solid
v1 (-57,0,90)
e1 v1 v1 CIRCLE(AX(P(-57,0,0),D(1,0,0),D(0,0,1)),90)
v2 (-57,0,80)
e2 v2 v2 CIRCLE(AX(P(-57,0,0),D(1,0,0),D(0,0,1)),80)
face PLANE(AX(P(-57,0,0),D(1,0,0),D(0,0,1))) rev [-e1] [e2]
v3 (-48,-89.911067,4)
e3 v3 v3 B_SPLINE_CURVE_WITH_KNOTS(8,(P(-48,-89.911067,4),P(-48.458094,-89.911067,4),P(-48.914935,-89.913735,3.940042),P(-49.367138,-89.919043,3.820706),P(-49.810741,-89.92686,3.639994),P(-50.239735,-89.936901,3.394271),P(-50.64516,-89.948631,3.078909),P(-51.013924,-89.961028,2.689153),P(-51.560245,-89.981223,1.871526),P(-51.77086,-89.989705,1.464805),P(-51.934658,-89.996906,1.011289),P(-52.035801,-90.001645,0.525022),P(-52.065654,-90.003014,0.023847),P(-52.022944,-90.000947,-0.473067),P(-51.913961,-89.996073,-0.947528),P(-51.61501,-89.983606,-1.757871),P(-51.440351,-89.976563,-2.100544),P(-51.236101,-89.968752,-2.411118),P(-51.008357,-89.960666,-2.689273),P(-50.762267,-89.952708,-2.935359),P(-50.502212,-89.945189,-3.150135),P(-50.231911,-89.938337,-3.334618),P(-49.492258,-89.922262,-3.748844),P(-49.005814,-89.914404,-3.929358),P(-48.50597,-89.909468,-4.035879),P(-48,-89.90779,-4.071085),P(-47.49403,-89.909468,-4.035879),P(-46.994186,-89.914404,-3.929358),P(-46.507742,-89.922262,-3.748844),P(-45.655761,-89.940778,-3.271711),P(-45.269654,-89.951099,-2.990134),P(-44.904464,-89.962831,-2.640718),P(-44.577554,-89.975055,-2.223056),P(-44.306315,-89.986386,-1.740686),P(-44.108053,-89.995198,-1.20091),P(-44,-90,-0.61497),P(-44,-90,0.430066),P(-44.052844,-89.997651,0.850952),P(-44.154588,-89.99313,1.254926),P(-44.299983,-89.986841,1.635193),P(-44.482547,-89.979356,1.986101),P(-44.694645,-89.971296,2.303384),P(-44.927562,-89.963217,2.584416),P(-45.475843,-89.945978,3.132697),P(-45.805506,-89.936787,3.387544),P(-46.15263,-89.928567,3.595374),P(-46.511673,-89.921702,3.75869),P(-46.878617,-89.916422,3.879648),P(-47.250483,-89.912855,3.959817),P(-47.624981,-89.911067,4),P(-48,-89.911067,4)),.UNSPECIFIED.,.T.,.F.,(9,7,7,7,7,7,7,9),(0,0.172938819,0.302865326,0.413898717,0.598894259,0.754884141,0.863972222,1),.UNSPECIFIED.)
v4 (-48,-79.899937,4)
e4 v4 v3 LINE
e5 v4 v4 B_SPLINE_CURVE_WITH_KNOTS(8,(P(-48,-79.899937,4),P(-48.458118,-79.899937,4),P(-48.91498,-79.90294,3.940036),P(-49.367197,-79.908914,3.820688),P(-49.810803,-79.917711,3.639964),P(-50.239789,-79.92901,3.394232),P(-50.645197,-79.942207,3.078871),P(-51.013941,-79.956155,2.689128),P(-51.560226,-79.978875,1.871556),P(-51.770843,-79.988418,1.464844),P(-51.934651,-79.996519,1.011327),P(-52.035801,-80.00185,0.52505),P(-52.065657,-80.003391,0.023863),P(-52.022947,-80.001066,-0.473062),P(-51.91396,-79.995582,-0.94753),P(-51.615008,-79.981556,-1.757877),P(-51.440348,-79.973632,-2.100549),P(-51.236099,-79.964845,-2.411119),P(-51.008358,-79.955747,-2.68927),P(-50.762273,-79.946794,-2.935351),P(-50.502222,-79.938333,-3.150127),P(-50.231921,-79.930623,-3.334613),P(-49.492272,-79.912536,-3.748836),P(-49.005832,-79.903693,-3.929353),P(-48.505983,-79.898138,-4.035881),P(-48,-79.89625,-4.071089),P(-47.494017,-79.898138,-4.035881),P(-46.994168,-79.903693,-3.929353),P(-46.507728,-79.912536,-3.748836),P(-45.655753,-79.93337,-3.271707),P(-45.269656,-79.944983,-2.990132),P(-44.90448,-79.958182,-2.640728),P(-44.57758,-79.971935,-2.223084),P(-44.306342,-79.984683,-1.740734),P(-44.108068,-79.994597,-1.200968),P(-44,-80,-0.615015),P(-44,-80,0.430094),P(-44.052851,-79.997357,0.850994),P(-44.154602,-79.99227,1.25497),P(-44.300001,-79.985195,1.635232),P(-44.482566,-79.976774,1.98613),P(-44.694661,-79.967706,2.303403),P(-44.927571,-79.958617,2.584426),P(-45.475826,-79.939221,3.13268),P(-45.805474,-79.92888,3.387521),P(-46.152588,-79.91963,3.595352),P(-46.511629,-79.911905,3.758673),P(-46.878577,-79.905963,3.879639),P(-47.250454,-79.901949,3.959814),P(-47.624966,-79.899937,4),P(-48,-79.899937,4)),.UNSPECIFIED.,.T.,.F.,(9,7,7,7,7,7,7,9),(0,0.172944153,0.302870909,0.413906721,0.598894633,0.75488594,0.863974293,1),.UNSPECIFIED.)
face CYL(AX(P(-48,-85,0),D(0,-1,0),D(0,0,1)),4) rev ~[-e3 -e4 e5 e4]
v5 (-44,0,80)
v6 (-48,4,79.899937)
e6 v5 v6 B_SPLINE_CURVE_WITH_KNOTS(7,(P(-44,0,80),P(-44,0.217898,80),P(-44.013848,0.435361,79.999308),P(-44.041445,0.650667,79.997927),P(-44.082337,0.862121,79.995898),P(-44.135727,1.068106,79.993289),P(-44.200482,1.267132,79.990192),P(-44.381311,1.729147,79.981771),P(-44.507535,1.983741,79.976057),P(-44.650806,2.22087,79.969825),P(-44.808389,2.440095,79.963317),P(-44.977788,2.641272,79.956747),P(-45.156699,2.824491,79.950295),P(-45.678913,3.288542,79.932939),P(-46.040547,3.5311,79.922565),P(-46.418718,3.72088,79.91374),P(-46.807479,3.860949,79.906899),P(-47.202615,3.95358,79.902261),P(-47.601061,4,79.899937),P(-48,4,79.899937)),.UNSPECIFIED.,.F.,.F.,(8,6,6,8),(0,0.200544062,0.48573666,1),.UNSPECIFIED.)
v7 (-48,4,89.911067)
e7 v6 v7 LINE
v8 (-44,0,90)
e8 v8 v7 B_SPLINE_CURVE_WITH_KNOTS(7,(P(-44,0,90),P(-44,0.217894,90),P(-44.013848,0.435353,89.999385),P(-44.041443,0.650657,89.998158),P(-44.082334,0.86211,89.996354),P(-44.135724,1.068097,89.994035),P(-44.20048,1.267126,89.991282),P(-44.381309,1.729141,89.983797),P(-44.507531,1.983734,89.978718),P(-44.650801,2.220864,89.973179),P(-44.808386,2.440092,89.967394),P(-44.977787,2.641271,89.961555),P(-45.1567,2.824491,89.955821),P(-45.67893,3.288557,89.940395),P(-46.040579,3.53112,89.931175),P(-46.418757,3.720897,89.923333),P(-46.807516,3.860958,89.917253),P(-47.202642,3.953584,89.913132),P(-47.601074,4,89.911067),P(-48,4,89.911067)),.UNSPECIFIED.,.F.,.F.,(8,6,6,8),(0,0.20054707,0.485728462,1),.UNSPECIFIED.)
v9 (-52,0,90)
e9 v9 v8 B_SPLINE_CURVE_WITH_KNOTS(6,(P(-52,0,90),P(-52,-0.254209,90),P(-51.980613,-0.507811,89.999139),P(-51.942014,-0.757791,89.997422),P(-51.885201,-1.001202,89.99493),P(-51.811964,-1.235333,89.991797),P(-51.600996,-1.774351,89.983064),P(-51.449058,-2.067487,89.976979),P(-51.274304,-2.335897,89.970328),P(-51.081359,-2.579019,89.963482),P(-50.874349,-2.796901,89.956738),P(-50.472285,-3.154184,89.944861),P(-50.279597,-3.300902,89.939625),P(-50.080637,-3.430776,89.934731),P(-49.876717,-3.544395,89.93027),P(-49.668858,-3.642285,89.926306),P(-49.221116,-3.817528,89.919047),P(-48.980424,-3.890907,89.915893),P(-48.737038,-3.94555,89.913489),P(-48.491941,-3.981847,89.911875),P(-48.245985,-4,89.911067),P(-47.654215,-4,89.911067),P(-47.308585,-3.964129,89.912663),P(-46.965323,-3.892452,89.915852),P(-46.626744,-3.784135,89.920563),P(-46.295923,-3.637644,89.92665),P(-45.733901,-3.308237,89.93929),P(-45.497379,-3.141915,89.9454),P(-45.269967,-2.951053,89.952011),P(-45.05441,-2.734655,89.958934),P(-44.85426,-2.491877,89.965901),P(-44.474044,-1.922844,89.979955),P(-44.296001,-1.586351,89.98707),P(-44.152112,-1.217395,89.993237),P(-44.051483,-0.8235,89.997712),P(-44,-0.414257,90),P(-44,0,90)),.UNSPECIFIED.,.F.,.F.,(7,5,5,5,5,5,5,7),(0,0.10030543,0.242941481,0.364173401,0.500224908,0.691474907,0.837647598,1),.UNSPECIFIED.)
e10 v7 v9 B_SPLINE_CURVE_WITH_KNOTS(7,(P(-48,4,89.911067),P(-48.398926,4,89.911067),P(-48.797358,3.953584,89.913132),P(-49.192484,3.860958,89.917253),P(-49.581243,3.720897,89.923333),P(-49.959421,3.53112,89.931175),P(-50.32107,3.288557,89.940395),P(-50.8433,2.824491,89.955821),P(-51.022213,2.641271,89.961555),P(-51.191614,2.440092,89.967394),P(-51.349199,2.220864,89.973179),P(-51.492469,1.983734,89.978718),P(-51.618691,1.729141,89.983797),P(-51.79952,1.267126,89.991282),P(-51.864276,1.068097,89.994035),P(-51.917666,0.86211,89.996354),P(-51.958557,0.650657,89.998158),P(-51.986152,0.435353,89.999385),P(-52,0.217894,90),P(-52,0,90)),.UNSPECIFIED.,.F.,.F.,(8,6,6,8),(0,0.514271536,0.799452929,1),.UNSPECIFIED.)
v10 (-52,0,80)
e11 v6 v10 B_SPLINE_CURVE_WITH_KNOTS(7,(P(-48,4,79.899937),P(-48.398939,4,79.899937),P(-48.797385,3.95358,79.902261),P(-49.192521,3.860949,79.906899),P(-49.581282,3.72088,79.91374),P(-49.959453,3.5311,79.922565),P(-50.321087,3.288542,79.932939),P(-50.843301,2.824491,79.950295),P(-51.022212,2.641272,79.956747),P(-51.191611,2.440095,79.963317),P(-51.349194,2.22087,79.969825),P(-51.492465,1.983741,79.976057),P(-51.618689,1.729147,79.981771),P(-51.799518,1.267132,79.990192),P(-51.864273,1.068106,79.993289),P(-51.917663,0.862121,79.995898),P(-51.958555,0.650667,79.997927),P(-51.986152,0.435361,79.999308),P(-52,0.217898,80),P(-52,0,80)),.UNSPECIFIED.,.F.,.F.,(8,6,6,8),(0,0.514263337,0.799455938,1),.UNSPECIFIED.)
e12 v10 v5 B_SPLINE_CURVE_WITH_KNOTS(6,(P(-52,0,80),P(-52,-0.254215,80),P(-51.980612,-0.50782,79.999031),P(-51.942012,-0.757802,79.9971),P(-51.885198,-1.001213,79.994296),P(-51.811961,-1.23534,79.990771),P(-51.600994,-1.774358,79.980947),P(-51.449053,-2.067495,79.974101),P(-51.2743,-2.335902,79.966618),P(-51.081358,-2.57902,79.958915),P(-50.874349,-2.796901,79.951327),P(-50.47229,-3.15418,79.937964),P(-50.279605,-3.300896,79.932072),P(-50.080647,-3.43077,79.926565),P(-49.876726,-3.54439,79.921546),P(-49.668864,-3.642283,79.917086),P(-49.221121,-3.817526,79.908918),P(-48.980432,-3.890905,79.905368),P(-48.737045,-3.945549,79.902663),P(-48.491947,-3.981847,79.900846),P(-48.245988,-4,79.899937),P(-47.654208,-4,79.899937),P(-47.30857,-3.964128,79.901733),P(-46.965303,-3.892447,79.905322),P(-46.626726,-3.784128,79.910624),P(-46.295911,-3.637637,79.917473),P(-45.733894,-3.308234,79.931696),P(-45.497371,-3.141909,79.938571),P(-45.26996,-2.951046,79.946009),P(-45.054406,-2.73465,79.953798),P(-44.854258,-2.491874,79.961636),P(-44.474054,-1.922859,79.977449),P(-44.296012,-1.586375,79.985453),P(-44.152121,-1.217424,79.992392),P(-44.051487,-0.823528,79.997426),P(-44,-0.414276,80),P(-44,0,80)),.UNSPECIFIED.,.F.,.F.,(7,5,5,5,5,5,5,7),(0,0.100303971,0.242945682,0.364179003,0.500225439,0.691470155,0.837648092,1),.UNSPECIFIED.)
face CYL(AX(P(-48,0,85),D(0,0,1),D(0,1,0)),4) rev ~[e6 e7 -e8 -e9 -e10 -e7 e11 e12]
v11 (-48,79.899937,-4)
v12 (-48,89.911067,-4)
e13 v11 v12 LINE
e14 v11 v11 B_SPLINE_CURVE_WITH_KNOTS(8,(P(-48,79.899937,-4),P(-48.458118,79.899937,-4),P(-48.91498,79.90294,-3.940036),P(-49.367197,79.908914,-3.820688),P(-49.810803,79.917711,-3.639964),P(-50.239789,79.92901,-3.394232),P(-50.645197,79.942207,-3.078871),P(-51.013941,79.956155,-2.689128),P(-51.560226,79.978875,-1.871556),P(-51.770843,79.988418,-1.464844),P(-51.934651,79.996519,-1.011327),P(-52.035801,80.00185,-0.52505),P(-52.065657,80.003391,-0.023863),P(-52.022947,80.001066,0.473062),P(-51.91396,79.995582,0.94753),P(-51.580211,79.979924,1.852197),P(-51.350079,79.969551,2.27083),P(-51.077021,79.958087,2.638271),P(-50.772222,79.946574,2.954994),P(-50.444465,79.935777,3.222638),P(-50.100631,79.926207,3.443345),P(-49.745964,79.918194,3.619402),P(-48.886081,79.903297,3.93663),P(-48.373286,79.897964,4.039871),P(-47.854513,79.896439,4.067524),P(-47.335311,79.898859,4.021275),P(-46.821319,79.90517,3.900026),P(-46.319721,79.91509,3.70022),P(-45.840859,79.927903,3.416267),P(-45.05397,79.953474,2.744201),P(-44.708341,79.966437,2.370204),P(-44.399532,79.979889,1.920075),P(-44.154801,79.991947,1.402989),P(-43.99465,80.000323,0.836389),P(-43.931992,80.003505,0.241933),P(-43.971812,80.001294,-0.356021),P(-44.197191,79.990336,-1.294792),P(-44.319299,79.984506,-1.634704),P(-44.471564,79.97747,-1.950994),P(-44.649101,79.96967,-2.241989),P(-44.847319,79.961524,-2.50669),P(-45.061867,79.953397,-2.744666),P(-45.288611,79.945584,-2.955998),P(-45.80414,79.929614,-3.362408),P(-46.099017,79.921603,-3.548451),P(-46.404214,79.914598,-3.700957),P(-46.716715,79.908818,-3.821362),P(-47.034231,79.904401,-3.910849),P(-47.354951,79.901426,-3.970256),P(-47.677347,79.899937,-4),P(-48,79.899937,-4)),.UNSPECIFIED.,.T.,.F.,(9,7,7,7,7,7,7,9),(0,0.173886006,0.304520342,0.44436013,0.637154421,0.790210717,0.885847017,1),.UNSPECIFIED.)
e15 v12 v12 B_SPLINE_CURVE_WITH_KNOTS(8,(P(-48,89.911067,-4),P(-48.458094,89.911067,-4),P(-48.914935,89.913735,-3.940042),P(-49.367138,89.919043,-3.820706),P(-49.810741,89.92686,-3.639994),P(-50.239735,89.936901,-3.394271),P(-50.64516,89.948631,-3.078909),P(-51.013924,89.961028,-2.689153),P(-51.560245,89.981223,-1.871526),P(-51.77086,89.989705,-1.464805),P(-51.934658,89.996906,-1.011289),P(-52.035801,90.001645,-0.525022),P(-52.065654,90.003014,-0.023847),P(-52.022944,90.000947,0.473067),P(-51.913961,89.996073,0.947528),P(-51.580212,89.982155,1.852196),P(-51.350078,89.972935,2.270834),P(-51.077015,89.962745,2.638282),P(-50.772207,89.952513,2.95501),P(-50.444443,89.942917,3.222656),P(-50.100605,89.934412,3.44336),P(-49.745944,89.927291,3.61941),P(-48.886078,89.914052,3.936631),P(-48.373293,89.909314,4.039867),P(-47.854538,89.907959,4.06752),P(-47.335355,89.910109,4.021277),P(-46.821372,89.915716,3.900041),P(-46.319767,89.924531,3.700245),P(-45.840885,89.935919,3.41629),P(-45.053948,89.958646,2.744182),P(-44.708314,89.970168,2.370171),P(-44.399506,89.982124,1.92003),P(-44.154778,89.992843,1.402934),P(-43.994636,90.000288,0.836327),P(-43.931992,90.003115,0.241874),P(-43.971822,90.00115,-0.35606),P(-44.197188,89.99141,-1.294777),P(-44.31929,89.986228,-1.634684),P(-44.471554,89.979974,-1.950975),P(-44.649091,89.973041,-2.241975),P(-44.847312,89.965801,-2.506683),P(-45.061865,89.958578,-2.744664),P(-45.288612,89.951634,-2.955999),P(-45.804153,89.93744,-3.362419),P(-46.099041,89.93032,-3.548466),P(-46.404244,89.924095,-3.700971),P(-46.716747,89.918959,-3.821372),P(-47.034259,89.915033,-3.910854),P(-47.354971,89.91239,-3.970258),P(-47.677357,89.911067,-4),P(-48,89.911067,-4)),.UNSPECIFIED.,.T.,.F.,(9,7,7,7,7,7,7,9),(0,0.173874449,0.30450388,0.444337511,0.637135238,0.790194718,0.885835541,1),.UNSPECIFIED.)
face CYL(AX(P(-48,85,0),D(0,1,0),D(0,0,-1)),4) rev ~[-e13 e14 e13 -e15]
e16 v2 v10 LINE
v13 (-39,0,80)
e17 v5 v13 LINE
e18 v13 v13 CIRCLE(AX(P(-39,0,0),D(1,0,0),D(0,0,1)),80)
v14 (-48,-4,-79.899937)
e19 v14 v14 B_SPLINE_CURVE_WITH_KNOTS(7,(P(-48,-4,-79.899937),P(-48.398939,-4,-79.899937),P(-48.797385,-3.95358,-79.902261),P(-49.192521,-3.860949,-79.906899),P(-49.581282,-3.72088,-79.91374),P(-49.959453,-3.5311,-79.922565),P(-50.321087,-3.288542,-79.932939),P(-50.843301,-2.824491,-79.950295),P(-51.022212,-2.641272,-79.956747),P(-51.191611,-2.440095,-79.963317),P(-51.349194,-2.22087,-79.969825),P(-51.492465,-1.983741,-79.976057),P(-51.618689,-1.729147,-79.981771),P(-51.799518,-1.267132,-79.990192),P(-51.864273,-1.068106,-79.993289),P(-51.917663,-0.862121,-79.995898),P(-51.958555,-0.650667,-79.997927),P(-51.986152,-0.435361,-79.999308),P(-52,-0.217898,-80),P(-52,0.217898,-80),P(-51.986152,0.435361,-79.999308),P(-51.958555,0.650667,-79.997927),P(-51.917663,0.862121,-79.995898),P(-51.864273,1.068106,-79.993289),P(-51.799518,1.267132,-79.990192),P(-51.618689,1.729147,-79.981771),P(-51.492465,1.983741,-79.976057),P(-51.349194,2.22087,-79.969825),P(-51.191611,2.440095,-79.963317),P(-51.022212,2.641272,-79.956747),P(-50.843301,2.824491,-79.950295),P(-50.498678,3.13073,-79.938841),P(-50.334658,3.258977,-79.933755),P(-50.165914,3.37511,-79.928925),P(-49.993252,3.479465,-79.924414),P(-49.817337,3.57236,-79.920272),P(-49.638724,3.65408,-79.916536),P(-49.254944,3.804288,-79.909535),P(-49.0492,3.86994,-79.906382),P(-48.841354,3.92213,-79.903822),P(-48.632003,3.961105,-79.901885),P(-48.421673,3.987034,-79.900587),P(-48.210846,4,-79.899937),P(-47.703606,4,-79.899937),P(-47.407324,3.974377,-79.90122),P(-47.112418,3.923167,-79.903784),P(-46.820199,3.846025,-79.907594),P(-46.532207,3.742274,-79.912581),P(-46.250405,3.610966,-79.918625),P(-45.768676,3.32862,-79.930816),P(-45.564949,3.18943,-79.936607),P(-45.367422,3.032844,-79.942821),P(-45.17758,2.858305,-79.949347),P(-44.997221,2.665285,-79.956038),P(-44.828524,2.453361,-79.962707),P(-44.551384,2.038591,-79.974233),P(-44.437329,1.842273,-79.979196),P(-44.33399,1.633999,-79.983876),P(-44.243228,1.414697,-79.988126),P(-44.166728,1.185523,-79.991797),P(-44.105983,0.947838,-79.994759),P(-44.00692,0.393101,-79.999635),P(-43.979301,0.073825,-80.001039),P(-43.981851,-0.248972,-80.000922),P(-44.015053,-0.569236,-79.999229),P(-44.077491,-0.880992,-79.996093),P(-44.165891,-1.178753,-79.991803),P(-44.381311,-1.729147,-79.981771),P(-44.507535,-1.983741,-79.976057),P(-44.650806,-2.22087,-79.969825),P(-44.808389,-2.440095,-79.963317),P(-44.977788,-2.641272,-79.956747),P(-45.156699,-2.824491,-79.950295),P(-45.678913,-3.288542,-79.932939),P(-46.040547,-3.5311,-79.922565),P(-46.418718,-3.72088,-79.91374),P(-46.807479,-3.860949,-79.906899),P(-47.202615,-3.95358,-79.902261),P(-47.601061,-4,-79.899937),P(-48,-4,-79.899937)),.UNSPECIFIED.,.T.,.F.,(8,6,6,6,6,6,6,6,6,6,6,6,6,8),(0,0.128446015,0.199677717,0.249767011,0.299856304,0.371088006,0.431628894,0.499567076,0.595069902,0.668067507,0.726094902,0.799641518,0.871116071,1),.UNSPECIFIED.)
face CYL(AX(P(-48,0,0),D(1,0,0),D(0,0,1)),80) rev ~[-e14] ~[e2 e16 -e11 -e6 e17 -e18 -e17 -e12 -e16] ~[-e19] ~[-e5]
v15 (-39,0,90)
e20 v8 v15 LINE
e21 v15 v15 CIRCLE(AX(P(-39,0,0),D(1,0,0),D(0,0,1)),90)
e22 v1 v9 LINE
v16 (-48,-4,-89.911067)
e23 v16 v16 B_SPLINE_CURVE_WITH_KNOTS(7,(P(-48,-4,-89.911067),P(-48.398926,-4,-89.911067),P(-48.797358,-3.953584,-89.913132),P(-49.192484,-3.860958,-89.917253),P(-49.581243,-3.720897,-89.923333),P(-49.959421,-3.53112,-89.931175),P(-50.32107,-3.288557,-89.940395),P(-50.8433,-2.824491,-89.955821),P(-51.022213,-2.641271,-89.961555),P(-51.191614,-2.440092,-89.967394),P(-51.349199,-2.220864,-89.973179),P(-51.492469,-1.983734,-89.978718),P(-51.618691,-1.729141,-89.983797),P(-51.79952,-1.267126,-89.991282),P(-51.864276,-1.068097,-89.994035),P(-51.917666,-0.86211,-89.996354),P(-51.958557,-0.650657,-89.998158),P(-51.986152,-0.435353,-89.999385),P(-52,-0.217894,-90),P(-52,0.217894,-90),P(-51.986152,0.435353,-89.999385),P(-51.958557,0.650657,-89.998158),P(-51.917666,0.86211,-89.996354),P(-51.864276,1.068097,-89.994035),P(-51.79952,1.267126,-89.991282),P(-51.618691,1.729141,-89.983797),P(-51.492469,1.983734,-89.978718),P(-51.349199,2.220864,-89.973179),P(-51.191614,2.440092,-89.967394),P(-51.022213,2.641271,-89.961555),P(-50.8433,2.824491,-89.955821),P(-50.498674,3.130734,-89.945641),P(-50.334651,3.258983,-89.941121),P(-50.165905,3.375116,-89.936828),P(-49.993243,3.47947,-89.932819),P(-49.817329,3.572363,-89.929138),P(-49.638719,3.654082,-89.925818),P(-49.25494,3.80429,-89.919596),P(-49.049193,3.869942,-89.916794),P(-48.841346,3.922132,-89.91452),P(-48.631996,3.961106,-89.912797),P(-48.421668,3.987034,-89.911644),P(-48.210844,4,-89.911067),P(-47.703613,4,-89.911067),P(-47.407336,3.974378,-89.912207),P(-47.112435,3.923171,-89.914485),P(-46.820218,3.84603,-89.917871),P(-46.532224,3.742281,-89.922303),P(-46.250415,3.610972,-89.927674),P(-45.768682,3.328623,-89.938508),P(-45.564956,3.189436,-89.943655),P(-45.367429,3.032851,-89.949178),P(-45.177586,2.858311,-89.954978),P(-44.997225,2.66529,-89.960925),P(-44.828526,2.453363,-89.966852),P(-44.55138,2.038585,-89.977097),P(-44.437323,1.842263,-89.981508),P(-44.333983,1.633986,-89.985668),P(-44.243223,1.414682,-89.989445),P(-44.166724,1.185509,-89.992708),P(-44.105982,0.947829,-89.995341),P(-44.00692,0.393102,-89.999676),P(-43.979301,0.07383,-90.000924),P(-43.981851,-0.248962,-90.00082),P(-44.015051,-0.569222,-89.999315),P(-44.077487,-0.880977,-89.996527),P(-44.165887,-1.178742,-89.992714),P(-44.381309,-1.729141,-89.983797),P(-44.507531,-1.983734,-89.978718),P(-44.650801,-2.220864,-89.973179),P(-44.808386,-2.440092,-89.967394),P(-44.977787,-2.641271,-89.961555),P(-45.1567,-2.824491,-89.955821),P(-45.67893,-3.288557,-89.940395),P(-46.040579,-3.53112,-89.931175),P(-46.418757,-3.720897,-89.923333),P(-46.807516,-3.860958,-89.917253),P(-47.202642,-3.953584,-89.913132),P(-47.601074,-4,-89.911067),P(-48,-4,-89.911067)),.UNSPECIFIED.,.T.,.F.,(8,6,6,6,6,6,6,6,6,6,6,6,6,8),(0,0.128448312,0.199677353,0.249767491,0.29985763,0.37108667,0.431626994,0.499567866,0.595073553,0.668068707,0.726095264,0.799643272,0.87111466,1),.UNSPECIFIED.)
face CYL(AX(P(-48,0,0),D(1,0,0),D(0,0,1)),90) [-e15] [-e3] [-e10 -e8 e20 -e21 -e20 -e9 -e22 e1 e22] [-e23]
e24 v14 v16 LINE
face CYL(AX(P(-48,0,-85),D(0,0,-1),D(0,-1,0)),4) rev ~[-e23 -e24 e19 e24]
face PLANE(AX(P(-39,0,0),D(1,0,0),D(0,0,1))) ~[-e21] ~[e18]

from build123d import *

# Parameters (mm, degrees)
RING_SKETCH_W          = 18
RING_SKETCH_H          = 10
BUSHING_BORE_SKETCH_W  = 4
BUSHING_BORE_SKETCH_H  = 12
BUSHING_BORES_X4_COUNT = 4


with BuildPart() as part:
    # Ring Sketch → Ring (revolve)
    with BuildSketch(Plane.XY, mode=Mode.PRIVATE) as ring_sk:
        with Locations((-48, 85)):
            Rectangle(RING_SKETCH_W, RING_SKETCH_H)
    revolve(ring_sk.sketch.rotate(Axis((-108, 0, 0), (1, 0, 0)), 90), axis=Axis((-108, 0, 0), (1, 0, 0)))

    # Bushing Bore Sketch → Bushing Bore (revolve, cut)
    with BuildSketch(Plane.XY, mode=Mode.PRIVATE) as bushing_bore_sk:
        with Locations((-46, 85)):
            Rectangle(BUSHING_BORE_SKETCH_W, BUSHING_BORE_SKETCH_H)
    bushing_bore = revolve(bushing_bore_sk.sketch.rotate(Axis((-48, 70, 0), (0, 1, 0)), 90), axis=Axis((-48, 70, 0), (0, 1, 0)), mode=Mode.SUBTRACT)

    # Bushing Bores x4: Bushing Bore ×4 about axis
    bushing_bores_x4_axis = Axis((-38.1, 0, 0), (-1, 0, 0))
    for i in range(1, BUSHING_BORES_X4_COUNT):
        add(bushing_bore.rotate(bushing_bores_x4_axis, i * 360 / BUSHING_BORES_X4_COUNT), mode=Mode.SUBTRACT)


solid = part.part
